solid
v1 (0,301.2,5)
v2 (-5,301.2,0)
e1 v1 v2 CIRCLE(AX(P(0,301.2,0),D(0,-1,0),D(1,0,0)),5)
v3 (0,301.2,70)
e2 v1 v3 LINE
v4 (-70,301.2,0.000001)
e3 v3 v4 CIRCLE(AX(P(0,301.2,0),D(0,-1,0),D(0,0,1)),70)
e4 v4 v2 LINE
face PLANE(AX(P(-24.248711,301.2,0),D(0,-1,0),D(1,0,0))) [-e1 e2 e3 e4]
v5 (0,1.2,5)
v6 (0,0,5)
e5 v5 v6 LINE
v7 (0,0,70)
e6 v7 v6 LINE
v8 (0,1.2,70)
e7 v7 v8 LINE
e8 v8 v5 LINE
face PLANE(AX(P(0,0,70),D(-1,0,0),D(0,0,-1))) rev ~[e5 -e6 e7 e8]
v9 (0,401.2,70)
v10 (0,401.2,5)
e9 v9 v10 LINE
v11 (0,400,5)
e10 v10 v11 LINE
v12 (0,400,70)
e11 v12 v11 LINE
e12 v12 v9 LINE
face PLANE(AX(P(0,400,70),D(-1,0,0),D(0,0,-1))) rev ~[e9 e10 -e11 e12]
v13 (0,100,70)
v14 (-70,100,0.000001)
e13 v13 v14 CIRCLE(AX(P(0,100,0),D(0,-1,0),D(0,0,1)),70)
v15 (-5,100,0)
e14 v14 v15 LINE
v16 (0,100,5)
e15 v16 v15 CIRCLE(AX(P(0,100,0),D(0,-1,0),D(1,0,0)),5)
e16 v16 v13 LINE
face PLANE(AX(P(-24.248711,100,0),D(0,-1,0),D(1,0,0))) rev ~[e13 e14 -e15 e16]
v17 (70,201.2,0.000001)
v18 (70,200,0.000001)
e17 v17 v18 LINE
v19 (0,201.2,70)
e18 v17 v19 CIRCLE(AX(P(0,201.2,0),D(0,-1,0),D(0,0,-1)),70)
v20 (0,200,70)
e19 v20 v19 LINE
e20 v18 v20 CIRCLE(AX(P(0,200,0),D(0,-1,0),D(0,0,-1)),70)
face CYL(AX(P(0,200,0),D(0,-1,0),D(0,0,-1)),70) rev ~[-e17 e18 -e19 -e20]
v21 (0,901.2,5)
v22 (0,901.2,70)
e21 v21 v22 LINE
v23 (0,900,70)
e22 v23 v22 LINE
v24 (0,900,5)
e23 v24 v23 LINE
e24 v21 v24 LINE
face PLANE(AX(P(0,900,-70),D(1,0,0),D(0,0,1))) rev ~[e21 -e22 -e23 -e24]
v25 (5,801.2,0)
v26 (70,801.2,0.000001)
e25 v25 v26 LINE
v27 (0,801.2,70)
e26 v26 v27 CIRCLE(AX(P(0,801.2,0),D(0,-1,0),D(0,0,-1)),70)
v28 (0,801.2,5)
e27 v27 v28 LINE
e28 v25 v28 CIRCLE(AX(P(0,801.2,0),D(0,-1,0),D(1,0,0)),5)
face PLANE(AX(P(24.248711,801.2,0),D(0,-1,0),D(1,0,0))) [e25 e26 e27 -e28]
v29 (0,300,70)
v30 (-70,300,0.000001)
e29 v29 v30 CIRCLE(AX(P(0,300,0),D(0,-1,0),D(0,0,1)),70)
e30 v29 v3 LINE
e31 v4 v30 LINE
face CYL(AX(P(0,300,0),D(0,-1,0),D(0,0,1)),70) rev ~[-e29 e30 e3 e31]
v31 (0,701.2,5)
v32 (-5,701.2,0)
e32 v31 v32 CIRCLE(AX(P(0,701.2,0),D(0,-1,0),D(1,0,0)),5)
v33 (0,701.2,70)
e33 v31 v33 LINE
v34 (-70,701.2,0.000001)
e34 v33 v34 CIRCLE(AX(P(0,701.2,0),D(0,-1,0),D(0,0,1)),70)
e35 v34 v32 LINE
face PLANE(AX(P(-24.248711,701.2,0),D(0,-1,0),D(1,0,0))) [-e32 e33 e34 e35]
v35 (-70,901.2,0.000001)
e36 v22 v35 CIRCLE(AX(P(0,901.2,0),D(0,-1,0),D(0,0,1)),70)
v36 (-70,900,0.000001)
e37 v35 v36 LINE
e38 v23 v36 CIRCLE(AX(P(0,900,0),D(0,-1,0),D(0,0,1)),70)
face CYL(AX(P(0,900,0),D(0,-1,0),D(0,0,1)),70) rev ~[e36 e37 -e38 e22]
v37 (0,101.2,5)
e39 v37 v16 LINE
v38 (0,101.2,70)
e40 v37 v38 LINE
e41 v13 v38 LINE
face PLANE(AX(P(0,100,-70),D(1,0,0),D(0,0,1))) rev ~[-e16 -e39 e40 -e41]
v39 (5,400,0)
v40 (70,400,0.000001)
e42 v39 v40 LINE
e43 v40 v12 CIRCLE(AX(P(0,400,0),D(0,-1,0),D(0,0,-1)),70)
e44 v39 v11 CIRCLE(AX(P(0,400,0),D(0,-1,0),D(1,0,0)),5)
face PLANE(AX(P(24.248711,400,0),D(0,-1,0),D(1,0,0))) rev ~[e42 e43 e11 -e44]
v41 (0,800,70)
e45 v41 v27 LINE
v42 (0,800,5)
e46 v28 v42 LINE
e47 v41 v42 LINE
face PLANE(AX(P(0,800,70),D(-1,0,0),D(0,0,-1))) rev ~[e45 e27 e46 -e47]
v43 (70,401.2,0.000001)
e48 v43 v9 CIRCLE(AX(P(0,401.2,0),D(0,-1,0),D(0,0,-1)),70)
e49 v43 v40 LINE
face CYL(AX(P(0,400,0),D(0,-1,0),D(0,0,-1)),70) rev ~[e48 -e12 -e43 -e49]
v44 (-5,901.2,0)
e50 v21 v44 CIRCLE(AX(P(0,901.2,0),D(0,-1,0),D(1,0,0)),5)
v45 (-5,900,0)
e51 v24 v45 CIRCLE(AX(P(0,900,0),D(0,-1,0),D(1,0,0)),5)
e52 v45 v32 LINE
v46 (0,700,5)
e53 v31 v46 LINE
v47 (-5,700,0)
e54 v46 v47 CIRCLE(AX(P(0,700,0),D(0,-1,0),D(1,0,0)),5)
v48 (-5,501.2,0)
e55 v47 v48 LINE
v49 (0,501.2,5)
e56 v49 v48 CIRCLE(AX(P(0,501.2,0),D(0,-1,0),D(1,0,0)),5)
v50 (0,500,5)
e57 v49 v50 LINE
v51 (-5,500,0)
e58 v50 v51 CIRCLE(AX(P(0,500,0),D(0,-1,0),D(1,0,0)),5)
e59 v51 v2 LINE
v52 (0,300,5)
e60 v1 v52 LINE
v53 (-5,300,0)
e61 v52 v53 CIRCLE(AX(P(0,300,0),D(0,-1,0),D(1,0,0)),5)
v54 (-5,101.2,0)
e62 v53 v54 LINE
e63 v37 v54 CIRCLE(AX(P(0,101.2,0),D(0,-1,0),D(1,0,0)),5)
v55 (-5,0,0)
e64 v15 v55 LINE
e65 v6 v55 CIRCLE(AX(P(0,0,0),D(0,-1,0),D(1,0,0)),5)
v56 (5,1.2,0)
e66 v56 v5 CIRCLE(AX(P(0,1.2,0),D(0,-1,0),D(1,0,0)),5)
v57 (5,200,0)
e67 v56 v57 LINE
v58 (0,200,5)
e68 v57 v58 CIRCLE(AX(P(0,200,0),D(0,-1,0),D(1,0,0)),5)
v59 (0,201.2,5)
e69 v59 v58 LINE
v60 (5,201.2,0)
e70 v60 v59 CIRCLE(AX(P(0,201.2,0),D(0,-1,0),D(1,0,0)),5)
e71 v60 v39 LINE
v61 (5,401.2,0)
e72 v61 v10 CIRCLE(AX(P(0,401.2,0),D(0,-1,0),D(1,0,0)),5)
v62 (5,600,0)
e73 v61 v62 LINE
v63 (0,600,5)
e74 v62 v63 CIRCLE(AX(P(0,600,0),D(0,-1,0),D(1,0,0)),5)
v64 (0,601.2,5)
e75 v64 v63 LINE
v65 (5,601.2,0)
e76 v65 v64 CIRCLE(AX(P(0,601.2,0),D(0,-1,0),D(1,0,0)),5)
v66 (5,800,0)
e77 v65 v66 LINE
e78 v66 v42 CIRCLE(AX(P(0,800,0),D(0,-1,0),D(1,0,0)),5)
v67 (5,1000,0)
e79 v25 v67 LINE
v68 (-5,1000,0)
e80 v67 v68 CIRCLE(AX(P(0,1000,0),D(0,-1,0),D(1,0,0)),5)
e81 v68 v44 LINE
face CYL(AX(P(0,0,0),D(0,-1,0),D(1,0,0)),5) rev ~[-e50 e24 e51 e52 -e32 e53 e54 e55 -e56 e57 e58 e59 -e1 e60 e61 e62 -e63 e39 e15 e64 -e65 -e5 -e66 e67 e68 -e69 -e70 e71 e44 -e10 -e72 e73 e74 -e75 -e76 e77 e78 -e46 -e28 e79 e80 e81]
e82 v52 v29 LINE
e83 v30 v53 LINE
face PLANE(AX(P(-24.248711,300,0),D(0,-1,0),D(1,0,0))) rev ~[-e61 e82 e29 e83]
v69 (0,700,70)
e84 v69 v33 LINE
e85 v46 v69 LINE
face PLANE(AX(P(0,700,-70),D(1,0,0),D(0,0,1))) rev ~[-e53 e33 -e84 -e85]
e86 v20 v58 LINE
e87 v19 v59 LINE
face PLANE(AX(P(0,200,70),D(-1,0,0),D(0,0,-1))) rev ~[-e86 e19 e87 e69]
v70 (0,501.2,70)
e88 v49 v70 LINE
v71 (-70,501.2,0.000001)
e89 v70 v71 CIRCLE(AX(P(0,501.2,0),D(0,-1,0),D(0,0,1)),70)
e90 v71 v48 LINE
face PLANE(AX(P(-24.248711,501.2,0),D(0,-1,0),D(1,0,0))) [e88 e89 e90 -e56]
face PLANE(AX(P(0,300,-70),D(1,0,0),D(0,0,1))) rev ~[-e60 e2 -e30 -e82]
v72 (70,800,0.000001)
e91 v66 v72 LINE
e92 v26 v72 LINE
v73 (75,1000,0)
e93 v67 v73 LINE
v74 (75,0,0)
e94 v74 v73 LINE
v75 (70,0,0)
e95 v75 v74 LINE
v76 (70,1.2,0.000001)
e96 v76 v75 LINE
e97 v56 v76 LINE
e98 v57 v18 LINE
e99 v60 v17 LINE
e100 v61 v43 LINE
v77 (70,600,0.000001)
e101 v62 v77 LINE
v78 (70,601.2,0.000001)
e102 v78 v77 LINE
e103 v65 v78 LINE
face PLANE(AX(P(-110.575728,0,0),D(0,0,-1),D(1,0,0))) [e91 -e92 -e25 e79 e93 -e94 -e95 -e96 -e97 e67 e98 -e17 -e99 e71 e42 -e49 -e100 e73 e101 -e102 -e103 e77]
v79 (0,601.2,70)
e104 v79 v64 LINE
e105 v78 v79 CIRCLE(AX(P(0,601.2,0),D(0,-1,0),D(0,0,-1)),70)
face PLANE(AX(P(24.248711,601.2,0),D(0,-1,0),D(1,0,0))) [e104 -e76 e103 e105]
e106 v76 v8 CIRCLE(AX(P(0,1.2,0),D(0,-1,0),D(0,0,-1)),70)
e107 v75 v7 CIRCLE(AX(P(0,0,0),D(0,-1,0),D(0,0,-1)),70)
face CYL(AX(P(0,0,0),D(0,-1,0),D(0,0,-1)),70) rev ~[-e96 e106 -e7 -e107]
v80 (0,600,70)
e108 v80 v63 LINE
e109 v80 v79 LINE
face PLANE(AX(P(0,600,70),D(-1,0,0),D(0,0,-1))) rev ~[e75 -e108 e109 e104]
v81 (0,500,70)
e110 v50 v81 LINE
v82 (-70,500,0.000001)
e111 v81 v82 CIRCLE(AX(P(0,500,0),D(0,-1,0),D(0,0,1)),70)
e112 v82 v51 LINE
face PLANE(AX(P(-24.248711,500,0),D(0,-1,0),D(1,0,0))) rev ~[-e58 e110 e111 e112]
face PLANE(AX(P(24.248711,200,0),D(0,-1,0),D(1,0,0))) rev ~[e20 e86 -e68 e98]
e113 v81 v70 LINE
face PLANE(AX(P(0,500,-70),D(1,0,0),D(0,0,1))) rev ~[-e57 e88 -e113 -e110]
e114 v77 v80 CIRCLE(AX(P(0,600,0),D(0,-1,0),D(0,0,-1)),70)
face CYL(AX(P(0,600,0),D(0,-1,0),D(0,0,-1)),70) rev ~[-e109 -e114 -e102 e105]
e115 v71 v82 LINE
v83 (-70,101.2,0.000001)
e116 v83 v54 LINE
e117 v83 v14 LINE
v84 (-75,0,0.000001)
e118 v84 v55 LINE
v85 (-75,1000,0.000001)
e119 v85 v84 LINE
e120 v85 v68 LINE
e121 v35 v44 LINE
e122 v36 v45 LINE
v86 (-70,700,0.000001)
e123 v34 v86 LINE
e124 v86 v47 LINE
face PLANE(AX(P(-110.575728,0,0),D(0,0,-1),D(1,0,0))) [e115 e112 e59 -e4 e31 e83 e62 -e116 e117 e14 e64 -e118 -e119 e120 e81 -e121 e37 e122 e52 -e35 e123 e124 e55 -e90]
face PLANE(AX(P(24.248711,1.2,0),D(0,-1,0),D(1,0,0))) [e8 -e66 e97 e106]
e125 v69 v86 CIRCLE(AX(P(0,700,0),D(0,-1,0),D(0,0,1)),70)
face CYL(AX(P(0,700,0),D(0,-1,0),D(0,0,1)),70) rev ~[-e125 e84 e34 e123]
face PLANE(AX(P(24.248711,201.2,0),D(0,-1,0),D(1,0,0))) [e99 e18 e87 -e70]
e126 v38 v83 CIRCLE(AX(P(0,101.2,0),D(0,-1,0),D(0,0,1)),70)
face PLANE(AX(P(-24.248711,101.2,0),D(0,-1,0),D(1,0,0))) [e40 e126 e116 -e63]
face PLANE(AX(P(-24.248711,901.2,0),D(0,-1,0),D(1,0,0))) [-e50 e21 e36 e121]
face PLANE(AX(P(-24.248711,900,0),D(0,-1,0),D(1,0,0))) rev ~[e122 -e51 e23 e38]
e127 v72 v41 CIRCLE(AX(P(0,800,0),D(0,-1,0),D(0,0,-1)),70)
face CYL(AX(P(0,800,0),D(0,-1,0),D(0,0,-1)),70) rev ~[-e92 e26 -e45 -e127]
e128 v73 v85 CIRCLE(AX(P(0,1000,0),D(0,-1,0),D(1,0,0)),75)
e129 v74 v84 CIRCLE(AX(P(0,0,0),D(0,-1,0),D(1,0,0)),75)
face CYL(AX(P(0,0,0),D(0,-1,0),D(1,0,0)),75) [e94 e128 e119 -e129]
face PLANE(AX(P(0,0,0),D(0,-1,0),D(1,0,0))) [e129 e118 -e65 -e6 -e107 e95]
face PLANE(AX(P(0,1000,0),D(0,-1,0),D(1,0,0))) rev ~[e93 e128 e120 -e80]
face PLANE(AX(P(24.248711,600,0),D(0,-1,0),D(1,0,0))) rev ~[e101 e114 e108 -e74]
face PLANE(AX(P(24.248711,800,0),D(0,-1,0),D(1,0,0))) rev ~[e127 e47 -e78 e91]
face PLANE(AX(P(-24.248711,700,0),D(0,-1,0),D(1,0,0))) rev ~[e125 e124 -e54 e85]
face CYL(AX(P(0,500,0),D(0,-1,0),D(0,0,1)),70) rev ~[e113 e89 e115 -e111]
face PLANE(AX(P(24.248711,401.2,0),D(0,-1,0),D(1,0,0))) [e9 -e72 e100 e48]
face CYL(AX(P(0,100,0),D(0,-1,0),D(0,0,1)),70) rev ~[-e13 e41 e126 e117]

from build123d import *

# Parameters (mm, degrees)
F0_R      = 75
F1_DEPTH  = 1000
F2_R      = 5
F3_DEPTH  = 1000
F5_DEPTH  = 1.2
F8_DEPTH  = 1.2
F26_DEPTH = 1.2
F27_DEPTH = 1.2
F28_DEPTH = 1.2
F29_DEPTH = 1.2
F30_DEPTH = 1.2
F31_DEPTH = 1.2
F32_DEPTH = 1.2
F33_DEPTH = 1.2
F34_W     = 218.629919
F34_H     = 81.904643
F35_DEPTH = 1000


with BuildPart() as f1:
    # F0 (on Front) → F1 (new body)
    with BuildSketch(Plane.XZ):
        Circle(F0_R)
    extrude(amount=-F1_DEPTH)

    # F2 (on Front) → F3 (cut)
    with BuildSketch(Plane.XZ):
        Circle(F2_R)
    extrude(amount=-F3_DEPTH, mode=Mode.SUBTRACT)

    # F4 (on Front) → F5 (cut)
    with BuildSketch(Plane.XZ):
        with BuildLine():
            Line((0, 70), (0, -70))
            ThreePointArc((0, -70), (70, 0), (0, 70))
        make_face()
    extrude(amount=-F5_DEPTH, mode=Mode.SUBTRACT)

    # F7 (on offset) → F8 (cut)
    with BuildSketch(Plane.XZ.offset(-100)):
        with BuildLine():
            Line((0, -70), (0, 70))
            ThreePointArc((0, 70), (-70, 0), (0, -70))
        make_face()
    extrude(amount=-F8_DEPTH, mode=Mode.SUBTRACT)

    # F18 (on offset) → F26 (cut)
    with BuildSketch(Plane.XZ.offset(-200)):
        with BuildLine():
            Line((0, 70), (0, -70))
            ThreePointArc((0, -70), (70, 0), (0, 70))
        make_face()
    extrude(amount=-F26_DEPTH, mode=Mode.SUBTRACT)

    # F19 (on offset) → F27 (cut)
    with BuildSketch(Plane.XZ.offset(-300)):
        with BuildLine():
            Line((0, -70), (0, 70))
            ThreePointArc((0, 70), (-70, 0), (0, -70))
        make_face()
    extrude(amount=-F27_DEPTH, mode=Mode.SUBTRACT)

    # F20 (on offset) → F28 (cut)
    with BuildSketch(Plane.XZ.offset(-400)):
        with BuildLine():
            Line((0, 70), (0, -70))
            ThreePointArc((0, -70), (70, 0), (0, 70))
        make_face()
    extrude(amount=-F28_DEPTH, mode=Mode.SUBTRACT)

    # F21 (on offset) → F29 (cut)
    with BuildSketch(Plane.XZ.offset(-500)):
        with BuildLine():
            Line((0, -70), (0, 70))
            ThreePointArc((0, 70), (-70, 0), (0, -70))
        make_face()
    extrude(amount=-F29_DEPTH, mode=Mode.SUBTRACT)

    # F22 (on offset) → F30 (cut)
    with BuildSketch(Plane.XZ.offset(-600)):
        with BuildLine():
            Line((0, 70), (0, -70))
            ThreePointArc((0, -70), (70, 0), (0, 70))
        make_face()
    extrude(amount=-F30_DEPTH, mode=Mode.SUBTRACT)

    # F23 (on offset) → F31 (cut)
    with BuildSketch(Plane.XZ.offset(-700)):
        with BuildLine():
            Line((0, -70), (0, 70))
            ThreePointArc((0, 70), (-70, 0), (0, -70))
        make_face()
    extrude(amount=-F31_DEPTH, mode=Mode.SUBTRACT)

    # F24 (on offset) → F32 (cut)
    with BuildSketch(Plane.XZ.offset(-800)):
        with BuildLine():
            Line((0, 70), (0, -70))
            ThreePointArc((0, -70), (70, 0), (0, 70))
        make_face()
    extrude(amount=-F32_DEPTH, mode=Mode.SUBTRACT)

    # F25 (on offset) → F33 (cut)
    with BuildSketch(Plane.XZ.offset(-900)):
        with BuildLine():
            Line((0, -70), (0, 70))
            ThreePointArc((0, 70), (-70, 0), (0, -70))
        make_face()
    extrude(amount=-F33_DEPTH, mode=Mode.SUBTRACT)

    # F34 (on Front) → F35 (cut)
    with BuildSketch(Plane.XZ):
        with Locations((-1.260769, -40.952321)):
            Rectangle(F34_W, F34_H)
    extrude(amount=-F35_DEPTH, mode=Mode.SUBTRACT)


solid = f1.part
